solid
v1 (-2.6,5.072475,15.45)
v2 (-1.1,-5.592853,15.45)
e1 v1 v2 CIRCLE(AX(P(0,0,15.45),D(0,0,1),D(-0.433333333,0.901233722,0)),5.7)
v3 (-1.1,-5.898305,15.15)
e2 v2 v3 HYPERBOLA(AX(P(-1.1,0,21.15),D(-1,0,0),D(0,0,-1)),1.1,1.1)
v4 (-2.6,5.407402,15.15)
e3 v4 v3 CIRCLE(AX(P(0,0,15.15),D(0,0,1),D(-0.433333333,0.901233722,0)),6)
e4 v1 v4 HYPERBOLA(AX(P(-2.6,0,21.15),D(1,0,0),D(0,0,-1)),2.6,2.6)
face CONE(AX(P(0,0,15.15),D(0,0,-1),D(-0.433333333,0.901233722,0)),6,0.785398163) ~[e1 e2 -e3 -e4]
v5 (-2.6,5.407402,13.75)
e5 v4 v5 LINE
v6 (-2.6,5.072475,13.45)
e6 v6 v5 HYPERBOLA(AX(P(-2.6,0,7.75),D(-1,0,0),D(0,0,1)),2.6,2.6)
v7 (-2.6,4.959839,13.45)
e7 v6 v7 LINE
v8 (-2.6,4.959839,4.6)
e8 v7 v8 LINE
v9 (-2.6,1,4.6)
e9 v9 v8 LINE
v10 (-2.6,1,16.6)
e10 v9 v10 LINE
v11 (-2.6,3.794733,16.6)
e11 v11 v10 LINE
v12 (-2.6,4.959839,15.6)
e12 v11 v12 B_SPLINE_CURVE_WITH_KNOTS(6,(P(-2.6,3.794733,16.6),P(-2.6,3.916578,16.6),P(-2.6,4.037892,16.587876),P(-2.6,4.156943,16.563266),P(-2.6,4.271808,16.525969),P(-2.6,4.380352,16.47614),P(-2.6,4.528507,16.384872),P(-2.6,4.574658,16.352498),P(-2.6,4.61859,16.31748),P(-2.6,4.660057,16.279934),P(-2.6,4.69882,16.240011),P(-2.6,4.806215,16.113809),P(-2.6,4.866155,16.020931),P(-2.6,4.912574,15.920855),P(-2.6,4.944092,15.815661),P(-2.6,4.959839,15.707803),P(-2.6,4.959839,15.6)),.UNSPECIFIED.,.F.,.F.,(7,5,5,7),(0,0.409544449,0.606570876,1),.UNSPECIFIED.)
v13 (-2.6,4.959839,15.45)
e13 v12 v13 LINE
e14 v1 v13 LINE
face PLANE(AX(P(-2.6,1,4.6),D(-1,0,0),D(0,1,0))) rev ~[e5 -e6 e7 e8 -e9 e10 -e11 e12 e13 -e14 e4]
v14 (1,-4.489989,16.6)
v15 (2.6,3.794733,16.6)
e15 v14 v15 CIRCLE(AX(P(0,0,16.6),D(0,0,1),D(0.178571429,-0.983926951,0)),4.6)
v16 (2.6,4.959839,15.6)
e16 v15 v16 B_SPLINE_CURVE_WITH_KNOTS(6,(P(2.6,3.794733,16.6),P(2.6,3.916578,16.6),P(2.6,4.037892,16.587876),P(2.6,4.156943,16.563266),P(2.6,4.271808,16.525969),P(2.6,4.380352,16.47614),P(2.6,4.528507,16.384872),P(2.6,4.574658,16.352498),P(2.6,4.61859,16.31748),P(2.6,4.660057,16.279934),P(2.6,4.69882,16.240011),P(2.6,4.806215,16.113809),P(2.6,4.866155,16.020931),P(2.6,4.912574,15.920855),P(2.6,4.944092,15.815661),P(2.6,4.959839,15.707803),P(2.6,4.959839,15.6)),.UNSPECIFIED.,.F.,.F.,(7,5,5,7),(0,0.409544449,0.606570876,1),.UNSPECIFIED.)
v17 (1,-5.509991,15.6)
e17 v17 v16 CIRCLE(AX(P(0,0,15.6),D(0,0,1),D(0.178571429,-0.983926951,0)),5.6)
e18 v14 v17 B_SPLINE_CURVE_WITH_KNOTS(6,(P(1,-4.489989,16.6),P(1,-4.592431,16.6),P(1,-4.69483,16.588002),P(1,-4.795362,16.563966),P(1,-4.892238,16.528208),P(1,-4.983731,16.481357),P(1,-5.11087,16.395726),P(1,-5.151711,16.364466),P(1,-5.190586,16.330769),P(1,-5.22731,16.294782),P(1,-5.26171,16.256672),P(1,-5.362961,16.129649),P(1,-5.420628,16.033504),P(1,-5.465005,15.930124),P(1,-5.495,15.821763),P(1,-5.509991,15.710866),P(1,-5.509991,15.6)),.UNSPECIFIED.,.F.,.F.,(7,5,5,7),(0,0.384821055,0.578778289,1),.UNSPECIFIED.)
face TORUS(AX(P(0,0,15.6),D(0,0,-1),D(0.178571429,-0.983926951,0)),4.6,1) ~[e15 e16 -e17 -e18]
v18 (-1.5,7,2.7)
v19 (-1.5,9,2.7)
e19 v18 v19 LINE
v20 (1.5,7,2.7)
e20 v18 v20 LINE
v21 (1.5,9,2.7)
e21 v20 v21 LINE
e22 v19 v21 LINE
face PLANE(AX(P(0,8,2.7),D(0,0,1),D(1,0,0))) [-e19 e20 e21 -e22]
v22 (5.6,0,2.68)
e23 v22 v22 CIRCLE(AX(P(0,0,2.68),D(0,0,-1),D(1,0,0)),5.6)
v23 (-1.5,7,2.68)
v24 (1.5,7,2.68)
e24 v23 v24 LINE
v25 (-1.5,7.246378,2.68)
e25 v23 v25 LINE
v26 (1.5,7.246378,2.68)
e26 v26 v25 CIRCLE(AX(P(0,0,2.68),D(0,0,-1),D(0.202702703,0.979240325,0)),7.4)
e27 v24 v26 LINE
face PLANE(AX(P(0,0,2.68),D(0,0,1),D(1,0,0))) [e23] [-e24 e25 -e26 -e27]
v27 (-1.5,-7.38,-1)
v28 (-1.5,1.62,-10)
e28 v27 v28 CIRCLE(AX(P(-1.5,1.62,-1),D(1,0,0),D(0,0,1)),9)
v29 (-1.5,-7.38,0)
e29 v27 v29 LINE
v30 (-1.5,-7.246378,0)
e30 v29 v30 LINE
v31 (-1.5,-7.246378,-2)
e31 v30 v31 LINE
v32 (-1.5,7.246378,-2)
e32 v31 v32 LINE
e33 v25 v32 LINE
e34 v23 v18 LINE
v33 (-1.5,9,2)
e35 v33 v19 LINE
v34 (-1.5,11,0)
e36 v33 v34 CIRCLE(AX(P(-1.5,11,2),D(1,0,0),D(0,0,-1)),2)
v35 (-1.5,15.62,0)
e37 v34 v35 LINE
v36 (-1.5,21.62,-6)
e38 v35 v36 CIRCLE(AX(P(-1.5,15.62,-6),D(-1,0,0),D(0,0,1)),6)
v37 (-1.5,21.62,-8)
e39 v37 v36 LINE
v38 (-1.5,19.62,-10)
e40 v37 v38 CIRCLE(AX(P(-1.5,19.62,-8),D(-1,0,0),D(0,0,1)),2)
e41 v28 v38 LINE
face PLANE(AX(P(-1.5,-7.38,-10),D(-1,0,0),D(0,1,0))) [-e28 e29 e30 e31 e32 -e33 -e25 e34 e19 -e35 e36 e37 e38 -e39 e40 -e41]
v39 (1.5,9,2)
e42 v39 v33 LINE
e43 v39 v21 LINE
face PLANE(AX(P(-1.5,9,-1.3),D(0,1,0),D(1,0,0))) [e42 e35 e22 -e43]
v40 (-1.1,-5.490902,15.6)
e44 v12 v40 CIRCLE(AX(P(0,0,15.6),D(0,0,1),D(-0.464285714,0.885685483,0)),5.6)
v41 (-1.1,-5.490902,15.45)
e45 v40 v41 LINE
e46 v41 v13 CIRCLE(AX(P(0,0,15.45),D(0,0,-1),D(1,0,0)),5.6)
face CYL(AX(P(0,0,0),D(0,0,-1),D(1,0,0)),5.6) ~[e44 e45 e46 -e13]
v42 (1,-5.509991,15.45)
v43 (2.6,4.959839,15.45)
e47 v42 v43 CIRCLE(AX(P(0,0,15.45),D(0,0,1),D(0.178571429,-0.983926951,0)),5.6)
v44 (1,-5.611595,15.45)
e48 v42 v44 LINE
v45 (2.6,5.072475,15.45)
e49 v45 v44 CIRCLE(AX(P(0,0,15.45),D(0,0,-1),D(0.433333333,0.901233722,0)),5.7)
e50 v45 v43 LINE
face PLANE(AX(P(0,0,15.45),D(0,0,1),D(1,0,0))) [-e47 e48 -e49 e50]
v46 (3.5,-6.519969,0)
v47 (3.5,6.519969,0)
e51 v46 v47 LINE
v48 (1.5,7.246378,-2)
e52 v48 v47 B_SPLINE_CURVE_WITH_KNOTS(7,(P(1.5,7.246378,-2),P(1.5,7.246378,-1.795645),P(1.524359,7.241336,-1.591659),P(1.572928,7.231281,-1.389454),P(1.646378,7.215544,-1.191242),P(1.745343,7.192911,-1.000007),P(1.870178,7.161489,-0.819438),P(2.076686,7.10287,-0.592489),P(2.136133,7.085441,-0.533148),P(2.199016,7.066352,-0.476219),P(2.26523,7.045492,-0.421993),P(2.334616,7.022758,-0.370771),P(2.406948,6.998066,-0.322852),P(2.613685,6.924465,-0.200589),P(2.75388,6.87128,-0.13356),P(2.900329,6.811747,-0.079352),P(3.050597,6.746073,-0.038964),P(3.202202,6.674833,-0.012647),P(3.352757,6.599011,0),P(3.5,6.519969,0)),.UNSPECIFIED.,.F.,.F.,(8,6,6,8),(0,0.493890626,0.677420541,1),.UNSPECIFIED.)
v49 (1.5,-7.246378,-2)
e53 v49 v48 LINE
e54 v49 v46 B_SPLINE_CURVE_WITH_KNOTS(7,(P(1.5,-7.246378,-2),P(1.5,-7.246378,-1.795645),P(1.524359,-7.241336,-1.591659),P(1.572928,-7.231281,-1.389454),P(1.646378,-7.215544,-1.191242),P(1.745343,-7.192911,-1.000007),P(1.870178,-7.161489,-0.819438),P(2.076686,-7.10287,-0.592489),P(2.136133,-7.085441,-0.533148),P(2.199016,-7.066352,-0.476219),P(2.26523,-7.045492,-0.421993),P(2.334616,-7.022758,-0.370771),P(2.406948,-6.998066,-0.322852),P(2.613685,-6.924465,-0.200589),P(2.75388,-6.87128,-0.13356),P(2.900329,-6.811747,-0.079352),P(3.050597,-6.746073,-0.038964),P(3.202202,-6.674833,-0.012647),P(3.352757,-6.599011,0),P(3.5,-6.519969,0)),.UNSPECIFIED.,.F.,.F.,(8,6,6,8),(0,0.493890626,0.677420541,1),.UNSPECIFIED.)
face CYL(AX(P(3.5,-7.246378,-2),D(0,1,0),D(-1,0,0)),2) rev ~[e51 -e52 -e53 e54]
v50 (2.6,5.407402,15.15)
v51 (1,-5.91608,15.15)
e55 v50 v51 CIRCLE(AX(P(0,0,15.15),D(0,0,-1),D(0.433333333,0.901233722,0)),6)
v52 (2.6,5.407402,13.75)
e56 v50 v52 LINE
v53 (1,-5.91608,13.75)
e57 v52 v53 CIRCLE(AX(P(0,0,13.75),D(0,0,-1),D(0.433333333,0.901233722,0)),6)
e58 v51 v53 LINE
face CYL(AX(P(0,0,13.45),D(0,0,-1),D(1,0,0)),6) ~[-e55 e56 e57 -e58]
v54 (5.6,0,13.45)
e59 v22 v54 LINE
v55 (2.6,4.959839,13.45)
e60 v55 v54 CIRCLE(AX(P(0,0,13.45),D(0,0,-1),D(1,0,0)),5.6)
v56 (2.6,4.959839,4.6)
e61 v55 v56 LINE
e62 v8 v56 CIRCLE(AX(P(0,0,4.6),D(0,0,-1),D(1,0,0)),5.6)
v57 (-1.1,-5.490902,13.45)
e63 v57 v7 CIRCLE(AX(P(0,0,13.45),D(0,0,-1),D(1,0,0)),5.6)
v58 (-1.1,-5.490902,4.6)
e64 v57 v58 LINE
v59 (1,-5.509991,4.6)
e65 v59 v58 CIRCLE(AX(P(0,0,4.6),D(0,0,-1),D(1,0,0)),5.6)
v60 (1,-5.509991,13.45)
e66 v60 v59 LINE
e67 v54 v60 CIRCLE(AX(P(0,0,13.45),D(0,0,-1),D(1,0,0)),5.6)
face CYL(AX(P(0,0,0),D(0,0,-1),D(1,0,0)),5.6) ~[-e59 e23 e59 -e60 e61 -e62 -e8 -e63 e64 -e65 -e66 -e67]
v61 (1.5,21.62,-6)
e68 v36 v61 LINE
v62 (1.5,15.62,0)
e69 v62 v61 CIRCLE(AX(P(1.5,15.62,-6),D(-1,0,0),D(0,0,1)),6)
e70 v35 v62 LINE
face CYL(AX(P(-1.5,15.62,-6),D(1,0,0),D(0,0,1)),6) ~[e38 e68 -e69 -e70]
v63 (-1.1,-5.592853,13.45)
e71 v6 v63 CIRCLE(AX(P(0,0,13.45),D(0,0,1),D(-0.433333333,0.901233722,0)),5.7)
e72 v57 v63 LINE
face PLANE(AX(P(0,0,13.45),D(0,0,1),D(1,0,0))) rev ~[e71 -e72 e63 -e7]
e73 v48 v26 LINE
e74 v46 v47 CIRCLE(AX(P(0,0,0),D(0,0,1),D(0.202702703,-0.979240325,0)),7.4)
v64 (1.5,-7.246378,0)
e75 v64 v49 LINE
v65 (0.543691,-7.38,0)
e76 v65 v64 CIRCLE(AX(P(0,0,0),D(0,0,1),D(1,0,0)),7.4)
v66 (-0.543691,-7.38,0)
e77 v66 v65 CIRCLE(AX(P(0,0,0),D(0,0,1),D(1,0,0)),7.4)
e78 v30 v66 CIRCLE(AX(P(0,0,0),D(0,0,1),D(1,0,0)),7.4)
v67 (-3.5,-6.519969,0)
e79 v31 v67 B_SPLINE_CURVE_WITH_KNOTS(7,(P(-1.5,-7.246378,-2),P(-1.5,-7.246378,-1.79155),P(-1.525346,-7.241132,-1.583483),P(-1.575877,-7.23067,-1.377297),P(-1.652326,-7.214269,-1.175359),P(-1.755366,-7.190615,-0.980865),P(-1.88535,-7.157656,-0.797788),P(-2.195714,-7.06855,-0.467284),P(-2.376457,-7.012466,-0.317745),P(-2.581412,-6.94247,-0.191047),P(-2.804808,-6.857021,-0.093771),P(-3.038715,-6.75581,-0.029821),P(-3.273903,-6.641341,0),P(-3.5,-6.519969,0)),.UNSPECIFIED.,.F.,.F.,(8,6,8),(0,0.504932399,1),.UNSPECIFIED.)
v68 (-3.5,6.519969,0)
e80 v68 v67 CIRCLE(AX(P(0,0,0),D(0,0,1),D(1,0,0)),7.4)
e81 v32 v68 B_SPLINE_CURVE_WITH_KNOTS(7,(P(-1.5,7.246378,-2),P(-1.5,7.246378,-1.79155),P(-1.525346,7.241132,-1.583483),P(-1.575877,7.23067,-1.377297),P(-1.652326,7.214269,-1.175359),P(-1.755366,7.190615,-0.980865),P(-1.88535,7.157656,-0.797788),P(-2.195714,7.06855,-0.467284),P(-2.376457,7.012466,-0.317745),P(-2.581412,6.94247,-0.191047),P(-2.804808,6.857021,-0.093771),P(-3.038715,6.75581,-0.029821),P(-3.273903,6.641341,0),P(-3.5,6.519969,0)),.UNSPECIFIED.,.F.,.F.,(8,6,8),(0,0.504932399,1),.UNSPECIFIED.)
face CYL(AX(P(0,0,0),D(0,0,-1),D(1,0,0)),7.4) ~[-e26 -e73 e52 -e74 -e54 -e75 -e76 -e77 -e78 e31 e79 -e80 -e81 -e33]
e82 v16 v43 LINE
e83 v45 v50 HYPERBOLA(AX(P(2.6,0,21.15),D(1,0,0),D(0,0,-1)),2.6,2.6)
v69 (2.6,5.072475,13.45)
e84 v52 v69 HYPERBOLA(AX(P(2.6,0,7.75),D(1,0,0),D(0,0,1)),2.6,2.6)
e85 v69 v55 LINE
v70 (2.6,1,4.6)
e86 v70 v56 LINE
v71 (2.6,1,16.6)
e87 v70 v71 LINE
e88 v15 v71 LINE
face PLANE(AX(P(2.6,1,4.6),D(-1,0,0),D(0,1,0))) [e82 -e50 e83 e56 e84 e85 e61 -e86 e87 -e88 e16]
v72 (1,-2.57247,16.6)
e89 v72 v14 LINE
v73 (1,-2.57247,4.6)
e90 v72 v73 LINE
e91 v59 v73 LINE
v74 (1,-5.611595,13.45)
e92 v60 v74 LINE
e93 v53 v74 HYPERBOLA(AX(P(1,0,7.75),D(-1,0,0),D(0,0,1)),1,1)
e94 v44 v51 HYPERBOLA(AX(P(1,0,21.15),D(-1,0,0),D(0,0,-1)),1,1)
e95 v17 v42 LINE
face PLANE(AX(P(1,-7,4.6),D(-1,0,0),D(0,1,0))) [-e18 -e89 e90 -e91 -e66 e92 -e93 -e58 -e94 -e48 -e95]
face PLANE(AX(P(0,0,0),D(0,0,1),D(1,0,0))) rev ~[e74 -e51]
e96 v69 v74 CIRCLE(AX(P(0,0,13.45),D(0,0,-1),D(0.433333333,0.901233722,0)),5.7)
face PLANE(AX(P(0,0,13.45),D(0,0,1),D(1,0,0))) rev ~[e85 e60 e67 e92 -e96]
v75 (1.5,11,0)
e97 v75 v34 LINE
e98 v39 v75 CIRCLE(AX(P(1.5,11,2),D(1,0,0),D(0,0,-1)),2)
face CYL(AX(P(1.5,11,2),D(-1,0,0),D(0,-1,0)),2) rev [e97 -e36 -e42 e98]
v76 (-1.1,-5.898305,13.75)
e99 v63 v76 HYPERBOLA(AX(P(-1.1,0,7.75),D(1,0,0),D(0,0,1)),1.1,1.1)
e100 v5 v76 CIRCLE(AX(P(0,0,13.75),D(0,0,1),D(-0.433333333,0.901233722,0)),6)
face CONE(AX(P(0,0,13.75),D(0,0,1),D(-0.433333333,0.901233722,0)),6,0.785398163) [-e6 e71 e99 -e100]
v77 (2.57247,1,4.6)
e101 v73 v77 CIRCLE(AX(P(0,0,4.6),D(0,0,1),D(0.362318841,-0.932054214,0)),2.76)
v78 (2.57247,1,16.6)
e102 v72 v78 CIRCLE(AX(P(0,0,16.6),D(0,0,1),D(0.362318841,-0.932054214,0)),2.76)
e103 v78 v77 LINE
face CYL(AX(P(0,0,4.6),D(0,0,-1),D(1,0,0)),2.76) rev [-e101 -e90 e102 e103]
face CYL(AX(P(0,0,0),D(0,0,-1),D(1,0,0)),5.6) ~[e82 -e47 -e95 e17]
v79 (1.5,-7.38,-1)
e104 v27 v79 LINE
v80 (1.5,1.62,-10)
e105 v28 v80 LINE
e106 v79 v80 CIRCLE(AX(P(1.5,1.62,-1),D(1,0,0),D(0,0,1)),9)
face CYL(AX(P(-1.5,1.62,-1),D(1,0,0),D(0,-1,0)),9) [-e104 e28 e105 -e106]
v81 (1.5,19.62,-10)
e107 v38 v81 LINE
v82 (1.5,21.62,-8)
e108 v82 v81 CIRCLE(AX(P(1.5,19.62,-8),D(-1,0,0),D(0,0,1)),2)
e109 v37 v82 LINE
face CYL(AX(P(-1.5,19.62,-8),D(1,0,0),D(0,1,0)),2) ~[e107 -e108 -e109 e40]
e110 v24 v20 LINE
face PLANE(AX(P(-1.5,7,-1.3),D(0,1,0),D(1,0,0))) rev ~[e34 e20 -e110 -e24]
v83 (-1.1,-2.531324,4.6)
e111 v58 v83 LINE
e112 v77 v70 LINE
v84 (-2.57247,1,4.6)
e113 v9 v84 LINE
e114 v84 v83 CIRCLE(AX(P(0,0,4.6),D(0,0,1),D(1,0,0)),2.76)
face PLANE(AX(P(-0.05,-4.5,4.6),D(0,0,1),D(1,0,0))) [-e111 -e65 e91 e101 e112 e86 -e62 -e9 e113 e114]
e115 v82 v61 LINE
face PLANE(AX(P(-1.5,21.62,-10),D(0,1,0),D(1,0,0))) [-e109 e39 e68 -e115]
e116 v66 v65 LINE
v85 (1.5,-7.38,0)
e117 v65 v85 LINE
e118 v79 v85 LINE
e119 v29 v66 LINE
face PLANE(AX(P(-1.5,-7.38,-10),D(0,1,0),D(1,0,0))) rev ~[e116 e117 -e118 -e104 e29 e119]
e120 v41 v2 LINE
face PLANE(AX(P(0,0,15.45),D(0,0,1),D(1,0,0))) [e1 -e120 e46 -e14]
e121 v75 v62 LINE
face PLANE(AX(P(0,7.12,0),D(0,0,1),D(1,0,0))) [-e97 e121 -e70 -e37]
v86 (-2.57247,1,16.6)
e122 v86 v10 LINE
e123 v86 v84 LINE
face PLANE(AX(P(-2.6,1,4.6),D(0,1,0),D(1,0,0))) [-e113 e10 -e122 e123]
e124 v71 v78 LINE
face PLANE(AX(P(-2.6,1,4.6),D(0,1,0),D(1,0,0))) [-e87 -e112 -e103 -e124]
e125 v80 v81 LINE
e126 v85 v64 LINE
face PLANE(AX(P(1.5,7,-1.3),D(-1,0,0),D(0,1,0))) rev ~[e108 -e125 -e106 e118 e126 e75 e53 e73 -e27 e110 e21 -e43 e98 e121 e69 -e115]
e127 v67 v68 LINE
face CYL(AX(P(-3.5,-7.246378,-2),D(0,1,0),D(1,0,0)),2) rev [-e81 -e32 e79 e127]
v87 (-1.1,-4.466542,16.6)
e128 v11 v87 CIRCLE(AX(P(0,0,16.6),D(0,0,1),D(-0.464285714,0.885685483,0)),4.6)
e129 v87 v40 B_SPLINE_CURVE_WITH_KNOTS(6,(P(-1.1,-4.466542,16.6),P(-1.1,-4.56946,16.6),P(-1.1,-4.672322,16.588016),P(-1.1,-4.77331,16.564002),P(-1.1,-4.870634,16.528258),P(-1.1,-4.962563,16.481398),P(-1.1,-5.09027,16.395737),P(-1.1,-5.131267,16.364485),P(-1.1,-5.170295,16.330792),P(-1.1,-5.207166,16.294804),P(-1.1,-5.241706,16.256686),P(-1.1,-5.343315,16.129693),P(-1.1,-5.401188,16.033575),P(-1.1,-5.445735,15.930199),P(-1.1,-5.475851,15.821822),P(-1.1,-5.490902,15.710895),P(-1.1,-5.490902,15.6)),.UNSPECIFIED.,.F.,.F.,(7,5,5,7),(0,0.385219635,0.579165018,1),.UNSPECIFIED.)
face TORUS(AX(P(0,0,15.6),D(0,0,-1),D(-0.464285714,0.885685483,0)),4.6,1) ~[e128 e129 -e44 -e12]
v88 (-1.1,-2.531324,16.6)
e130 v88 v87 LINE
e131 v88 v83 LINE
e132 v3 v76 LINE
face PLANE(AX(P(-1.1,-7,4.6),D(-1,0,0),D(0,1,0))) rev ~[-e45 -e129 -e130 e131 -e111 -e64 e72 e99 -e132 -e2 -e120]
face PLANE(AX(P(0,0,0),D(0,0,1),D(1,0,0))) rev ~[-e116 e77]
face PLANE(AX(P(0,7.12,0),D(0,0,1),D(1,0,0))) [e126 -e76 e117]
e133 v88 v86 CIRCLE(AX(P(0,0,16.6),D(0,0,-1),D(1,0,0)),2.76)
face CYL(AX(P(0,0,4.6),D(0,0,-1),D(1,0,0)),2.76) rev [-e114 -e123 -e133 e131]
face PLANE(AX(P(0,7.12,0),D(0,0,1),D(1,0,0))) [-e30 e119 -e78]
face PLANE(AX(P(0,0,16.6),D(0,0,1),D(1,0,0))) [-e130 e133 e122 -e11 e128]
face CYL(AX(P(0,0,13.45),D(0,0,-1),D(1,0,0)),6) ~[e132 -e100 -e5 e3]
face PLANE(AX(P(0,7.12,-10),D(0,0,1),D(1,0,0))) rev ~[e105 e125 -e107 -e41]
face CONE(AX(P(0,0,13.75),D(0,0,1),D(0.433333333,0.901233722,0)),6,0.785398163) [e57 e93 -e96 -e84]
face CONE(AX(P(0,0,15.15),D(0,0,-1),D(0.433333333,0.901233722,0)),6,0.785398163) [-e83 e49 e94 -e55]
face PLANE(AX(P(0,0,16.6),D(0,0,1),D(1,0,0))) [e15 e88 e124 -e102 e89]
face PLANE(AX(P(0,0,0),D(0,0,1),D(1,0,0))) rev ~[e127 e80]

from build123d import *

# Parameters (mm, degrees)
BOX_W             = 5.2
BOX_H             = 5
BOX_DEPTH         = 13
BOX003_W          = 2.1
BOX003_H          = 5
BOX003_DEPTH      = 13
CYLINDER003_R     = 2.76
CYLINDER003_DEPTH = 13.6
CYLINDER002_R     = 6
CYLINDER002_DEPTH = 2
CYLINDER001_R     = 7.4
CYLINDER001_DEPTH = 2.68
CYLINDER_R        = 5.6
CYLINDER_DEPTH    = 16.6
BOX002_W          = 3
BOX002_H          = 2
BOX002_DEPTH      = 4
BOX001_W          = 3
BOX001_H          = 29
BOX001_DEPTH      = 10
FILLET_1_R        = 9
FILLET_2_R        = 6
FILLET_3_R        = 2
FILLET001_R       = 2
FILLET002_R       = 2
FILLET003_R       = 1
CHAMFER_SIZE      = 0.3


with BuildPart() as box:
    # Box → Box (new body)
    with BuildSketch(Plane(origin=(-2.6, 1, 4.6), x_dir=(1, 0, 0), z_dir=(0, 0, 1))):
        with Locations((2.6, 2.5)):
            Rectangle(BOX_W, BOX_H)
    extrude(amount=BOX_DEPTH)


with BuildPart() as box003:
    # Box003 → Box003 (new body)
    with BuildSketch(Plane(origin=(-1.1, -7, 4.6), x_dir=(1, 0, 0), z_dir=(0, 0, 1))):
        with Locations((1.05, 2.5)):
            Rectangle(BOX003_W, BOX003_H)
    extrude(amount=BOX003_DEPTH)


with BuildPart() as fusion001:
    # Cylinder003 → Cylinder003 (new body)
    with BuildSketch(Plane.XY.offset(4.6)):
        Circle(CYLINDER003_R)
    extrude(amount=CYLINDER003_DEPTH)

    # Fusion001: union Box, Box003
    add(box.part)
    add(box003.part)


with BuildPart() as cylinder002:
    # Cylinder002 → Cylinder002 (new body)
    with BuildSketch(Plane.XY.offset(13.45)):
        Circle(CYLINDER002_R)
    extrude(amount=CYLINDER002_DEPTH)


with BuildPart() as base:
    # Cylinder001 → Cylinder001 (new body)
    with BuildSketch(Plane.XY):
        Circle(CYLINDER001_R)
    extrude(amount=CYLINDER001_DEPTH)


with BuildPart() as cut:
    # Cylinder → Cylinder (new body)
    with BuildSketch(Plane.XY):
        Circle(CYLINDER_R)
    extrude(amount=CYLINDER_DEPTH)

    # Fusion: union Cylinder002, base
    add(cylinder002.part)
    add(base.part)

    # Cut: cut Fusion001
    add(fusion001.part, mode=Mode.SUBTRACT)


with BuildPart() as union_palometa:
    # Box002 → Box002 (new body)
    with BuildSketch(Plane(origin=(-1.5, 7, -1.3), x_dir=(1, 0, 0), z_dir=(0, 0, 1))):
        with Locations((1.5, 1)):
            Rectangle(BOX002_W, BOX002_H)
    extrude(amount=BOX002_DEPTH)


with BuildPart() as chamfer_body:
    # Box001 → Box001 (new body)
    with BuildSketch(Plane(origin=(-1.5, -7.38, -10), x_dir=(1, 0, 0), z_dir=(0, 0, 1))):
        with Locations((1.5, 14.5)):
            Rectangle(BOX001_W, BOX001_H)
    extrude(amount=BOX001_DEPTH)

    # Fillet 1
    fillet_1_edges = [chamfer_body.edges().sort_by_distance(p)[0] for p in [
        (0, -7.38, -10),
    ]]
    fillet(fillet_1_edges, radius=FILLET_1_R)

    # Fillet 2
    fillet_2_edges = [chamfer_body.edges().sort_by_distance(p)[0] for p in [
        (0, 21.62, 0),
    ]]
    fillet(fillet_2_edges, radius=FILLET_2_R)

    # Fillet 3
    fillet_3_edges = [chamfer_body.edges().sort_by_distance(p)[0] for p in [
        (0, 21.62, -10),
    ]]
    fillet(fillet_3_edges, radius=FILLET_3_R)

    # Fusion002: union union palometa
    add(union_palometa.part)

    # Fillet001
    fillet001_edges = [chamfer_body.edges().sort_by_distance(p)[0] for p in [
        (0, 9, 0),
    ]]
    fillet(fillet001_edges, radius=FILLET001_R)

    # Fusion003: union Cut
    add(cut.part)

    # Fillet002
    fillet002_edges = [chamfer_body.edges().sort_by_distance(p)[0] for p in [
        (1.5, 0, 0),
        (-1.5, 0, 0),
    ]]
    fillet(fillet002_edges, radius=FILLET002_R)

    # Fillet003
    fillet003_edges = [chamfer_body.edges().sort_by_distance(p)[0] for p in [
        (4.298837, -3.588872, 16.6),
        (4.791659, 2.898275, 16.6),
        (-5.543193, -0.795617, 16.6),
    ]]
    fillet(fillet003_edges, radius=FILLET003_R)

    # Chamfer
    chamfer_edges = [chamfer_body.edges().sort_by_distance(p)[0] for p in [
        (4.582576, -3.872983, 15.45),
        (4.582576, -3.872983, 13.45),
        (-5.947878, -0.789143, 13.45),
        (-5.947878, -0.789143, 15.45),
    ]]
    chamfer(chamfer_edges, length=CHAMFER_SIZE)


solid = chamfer_body.part
